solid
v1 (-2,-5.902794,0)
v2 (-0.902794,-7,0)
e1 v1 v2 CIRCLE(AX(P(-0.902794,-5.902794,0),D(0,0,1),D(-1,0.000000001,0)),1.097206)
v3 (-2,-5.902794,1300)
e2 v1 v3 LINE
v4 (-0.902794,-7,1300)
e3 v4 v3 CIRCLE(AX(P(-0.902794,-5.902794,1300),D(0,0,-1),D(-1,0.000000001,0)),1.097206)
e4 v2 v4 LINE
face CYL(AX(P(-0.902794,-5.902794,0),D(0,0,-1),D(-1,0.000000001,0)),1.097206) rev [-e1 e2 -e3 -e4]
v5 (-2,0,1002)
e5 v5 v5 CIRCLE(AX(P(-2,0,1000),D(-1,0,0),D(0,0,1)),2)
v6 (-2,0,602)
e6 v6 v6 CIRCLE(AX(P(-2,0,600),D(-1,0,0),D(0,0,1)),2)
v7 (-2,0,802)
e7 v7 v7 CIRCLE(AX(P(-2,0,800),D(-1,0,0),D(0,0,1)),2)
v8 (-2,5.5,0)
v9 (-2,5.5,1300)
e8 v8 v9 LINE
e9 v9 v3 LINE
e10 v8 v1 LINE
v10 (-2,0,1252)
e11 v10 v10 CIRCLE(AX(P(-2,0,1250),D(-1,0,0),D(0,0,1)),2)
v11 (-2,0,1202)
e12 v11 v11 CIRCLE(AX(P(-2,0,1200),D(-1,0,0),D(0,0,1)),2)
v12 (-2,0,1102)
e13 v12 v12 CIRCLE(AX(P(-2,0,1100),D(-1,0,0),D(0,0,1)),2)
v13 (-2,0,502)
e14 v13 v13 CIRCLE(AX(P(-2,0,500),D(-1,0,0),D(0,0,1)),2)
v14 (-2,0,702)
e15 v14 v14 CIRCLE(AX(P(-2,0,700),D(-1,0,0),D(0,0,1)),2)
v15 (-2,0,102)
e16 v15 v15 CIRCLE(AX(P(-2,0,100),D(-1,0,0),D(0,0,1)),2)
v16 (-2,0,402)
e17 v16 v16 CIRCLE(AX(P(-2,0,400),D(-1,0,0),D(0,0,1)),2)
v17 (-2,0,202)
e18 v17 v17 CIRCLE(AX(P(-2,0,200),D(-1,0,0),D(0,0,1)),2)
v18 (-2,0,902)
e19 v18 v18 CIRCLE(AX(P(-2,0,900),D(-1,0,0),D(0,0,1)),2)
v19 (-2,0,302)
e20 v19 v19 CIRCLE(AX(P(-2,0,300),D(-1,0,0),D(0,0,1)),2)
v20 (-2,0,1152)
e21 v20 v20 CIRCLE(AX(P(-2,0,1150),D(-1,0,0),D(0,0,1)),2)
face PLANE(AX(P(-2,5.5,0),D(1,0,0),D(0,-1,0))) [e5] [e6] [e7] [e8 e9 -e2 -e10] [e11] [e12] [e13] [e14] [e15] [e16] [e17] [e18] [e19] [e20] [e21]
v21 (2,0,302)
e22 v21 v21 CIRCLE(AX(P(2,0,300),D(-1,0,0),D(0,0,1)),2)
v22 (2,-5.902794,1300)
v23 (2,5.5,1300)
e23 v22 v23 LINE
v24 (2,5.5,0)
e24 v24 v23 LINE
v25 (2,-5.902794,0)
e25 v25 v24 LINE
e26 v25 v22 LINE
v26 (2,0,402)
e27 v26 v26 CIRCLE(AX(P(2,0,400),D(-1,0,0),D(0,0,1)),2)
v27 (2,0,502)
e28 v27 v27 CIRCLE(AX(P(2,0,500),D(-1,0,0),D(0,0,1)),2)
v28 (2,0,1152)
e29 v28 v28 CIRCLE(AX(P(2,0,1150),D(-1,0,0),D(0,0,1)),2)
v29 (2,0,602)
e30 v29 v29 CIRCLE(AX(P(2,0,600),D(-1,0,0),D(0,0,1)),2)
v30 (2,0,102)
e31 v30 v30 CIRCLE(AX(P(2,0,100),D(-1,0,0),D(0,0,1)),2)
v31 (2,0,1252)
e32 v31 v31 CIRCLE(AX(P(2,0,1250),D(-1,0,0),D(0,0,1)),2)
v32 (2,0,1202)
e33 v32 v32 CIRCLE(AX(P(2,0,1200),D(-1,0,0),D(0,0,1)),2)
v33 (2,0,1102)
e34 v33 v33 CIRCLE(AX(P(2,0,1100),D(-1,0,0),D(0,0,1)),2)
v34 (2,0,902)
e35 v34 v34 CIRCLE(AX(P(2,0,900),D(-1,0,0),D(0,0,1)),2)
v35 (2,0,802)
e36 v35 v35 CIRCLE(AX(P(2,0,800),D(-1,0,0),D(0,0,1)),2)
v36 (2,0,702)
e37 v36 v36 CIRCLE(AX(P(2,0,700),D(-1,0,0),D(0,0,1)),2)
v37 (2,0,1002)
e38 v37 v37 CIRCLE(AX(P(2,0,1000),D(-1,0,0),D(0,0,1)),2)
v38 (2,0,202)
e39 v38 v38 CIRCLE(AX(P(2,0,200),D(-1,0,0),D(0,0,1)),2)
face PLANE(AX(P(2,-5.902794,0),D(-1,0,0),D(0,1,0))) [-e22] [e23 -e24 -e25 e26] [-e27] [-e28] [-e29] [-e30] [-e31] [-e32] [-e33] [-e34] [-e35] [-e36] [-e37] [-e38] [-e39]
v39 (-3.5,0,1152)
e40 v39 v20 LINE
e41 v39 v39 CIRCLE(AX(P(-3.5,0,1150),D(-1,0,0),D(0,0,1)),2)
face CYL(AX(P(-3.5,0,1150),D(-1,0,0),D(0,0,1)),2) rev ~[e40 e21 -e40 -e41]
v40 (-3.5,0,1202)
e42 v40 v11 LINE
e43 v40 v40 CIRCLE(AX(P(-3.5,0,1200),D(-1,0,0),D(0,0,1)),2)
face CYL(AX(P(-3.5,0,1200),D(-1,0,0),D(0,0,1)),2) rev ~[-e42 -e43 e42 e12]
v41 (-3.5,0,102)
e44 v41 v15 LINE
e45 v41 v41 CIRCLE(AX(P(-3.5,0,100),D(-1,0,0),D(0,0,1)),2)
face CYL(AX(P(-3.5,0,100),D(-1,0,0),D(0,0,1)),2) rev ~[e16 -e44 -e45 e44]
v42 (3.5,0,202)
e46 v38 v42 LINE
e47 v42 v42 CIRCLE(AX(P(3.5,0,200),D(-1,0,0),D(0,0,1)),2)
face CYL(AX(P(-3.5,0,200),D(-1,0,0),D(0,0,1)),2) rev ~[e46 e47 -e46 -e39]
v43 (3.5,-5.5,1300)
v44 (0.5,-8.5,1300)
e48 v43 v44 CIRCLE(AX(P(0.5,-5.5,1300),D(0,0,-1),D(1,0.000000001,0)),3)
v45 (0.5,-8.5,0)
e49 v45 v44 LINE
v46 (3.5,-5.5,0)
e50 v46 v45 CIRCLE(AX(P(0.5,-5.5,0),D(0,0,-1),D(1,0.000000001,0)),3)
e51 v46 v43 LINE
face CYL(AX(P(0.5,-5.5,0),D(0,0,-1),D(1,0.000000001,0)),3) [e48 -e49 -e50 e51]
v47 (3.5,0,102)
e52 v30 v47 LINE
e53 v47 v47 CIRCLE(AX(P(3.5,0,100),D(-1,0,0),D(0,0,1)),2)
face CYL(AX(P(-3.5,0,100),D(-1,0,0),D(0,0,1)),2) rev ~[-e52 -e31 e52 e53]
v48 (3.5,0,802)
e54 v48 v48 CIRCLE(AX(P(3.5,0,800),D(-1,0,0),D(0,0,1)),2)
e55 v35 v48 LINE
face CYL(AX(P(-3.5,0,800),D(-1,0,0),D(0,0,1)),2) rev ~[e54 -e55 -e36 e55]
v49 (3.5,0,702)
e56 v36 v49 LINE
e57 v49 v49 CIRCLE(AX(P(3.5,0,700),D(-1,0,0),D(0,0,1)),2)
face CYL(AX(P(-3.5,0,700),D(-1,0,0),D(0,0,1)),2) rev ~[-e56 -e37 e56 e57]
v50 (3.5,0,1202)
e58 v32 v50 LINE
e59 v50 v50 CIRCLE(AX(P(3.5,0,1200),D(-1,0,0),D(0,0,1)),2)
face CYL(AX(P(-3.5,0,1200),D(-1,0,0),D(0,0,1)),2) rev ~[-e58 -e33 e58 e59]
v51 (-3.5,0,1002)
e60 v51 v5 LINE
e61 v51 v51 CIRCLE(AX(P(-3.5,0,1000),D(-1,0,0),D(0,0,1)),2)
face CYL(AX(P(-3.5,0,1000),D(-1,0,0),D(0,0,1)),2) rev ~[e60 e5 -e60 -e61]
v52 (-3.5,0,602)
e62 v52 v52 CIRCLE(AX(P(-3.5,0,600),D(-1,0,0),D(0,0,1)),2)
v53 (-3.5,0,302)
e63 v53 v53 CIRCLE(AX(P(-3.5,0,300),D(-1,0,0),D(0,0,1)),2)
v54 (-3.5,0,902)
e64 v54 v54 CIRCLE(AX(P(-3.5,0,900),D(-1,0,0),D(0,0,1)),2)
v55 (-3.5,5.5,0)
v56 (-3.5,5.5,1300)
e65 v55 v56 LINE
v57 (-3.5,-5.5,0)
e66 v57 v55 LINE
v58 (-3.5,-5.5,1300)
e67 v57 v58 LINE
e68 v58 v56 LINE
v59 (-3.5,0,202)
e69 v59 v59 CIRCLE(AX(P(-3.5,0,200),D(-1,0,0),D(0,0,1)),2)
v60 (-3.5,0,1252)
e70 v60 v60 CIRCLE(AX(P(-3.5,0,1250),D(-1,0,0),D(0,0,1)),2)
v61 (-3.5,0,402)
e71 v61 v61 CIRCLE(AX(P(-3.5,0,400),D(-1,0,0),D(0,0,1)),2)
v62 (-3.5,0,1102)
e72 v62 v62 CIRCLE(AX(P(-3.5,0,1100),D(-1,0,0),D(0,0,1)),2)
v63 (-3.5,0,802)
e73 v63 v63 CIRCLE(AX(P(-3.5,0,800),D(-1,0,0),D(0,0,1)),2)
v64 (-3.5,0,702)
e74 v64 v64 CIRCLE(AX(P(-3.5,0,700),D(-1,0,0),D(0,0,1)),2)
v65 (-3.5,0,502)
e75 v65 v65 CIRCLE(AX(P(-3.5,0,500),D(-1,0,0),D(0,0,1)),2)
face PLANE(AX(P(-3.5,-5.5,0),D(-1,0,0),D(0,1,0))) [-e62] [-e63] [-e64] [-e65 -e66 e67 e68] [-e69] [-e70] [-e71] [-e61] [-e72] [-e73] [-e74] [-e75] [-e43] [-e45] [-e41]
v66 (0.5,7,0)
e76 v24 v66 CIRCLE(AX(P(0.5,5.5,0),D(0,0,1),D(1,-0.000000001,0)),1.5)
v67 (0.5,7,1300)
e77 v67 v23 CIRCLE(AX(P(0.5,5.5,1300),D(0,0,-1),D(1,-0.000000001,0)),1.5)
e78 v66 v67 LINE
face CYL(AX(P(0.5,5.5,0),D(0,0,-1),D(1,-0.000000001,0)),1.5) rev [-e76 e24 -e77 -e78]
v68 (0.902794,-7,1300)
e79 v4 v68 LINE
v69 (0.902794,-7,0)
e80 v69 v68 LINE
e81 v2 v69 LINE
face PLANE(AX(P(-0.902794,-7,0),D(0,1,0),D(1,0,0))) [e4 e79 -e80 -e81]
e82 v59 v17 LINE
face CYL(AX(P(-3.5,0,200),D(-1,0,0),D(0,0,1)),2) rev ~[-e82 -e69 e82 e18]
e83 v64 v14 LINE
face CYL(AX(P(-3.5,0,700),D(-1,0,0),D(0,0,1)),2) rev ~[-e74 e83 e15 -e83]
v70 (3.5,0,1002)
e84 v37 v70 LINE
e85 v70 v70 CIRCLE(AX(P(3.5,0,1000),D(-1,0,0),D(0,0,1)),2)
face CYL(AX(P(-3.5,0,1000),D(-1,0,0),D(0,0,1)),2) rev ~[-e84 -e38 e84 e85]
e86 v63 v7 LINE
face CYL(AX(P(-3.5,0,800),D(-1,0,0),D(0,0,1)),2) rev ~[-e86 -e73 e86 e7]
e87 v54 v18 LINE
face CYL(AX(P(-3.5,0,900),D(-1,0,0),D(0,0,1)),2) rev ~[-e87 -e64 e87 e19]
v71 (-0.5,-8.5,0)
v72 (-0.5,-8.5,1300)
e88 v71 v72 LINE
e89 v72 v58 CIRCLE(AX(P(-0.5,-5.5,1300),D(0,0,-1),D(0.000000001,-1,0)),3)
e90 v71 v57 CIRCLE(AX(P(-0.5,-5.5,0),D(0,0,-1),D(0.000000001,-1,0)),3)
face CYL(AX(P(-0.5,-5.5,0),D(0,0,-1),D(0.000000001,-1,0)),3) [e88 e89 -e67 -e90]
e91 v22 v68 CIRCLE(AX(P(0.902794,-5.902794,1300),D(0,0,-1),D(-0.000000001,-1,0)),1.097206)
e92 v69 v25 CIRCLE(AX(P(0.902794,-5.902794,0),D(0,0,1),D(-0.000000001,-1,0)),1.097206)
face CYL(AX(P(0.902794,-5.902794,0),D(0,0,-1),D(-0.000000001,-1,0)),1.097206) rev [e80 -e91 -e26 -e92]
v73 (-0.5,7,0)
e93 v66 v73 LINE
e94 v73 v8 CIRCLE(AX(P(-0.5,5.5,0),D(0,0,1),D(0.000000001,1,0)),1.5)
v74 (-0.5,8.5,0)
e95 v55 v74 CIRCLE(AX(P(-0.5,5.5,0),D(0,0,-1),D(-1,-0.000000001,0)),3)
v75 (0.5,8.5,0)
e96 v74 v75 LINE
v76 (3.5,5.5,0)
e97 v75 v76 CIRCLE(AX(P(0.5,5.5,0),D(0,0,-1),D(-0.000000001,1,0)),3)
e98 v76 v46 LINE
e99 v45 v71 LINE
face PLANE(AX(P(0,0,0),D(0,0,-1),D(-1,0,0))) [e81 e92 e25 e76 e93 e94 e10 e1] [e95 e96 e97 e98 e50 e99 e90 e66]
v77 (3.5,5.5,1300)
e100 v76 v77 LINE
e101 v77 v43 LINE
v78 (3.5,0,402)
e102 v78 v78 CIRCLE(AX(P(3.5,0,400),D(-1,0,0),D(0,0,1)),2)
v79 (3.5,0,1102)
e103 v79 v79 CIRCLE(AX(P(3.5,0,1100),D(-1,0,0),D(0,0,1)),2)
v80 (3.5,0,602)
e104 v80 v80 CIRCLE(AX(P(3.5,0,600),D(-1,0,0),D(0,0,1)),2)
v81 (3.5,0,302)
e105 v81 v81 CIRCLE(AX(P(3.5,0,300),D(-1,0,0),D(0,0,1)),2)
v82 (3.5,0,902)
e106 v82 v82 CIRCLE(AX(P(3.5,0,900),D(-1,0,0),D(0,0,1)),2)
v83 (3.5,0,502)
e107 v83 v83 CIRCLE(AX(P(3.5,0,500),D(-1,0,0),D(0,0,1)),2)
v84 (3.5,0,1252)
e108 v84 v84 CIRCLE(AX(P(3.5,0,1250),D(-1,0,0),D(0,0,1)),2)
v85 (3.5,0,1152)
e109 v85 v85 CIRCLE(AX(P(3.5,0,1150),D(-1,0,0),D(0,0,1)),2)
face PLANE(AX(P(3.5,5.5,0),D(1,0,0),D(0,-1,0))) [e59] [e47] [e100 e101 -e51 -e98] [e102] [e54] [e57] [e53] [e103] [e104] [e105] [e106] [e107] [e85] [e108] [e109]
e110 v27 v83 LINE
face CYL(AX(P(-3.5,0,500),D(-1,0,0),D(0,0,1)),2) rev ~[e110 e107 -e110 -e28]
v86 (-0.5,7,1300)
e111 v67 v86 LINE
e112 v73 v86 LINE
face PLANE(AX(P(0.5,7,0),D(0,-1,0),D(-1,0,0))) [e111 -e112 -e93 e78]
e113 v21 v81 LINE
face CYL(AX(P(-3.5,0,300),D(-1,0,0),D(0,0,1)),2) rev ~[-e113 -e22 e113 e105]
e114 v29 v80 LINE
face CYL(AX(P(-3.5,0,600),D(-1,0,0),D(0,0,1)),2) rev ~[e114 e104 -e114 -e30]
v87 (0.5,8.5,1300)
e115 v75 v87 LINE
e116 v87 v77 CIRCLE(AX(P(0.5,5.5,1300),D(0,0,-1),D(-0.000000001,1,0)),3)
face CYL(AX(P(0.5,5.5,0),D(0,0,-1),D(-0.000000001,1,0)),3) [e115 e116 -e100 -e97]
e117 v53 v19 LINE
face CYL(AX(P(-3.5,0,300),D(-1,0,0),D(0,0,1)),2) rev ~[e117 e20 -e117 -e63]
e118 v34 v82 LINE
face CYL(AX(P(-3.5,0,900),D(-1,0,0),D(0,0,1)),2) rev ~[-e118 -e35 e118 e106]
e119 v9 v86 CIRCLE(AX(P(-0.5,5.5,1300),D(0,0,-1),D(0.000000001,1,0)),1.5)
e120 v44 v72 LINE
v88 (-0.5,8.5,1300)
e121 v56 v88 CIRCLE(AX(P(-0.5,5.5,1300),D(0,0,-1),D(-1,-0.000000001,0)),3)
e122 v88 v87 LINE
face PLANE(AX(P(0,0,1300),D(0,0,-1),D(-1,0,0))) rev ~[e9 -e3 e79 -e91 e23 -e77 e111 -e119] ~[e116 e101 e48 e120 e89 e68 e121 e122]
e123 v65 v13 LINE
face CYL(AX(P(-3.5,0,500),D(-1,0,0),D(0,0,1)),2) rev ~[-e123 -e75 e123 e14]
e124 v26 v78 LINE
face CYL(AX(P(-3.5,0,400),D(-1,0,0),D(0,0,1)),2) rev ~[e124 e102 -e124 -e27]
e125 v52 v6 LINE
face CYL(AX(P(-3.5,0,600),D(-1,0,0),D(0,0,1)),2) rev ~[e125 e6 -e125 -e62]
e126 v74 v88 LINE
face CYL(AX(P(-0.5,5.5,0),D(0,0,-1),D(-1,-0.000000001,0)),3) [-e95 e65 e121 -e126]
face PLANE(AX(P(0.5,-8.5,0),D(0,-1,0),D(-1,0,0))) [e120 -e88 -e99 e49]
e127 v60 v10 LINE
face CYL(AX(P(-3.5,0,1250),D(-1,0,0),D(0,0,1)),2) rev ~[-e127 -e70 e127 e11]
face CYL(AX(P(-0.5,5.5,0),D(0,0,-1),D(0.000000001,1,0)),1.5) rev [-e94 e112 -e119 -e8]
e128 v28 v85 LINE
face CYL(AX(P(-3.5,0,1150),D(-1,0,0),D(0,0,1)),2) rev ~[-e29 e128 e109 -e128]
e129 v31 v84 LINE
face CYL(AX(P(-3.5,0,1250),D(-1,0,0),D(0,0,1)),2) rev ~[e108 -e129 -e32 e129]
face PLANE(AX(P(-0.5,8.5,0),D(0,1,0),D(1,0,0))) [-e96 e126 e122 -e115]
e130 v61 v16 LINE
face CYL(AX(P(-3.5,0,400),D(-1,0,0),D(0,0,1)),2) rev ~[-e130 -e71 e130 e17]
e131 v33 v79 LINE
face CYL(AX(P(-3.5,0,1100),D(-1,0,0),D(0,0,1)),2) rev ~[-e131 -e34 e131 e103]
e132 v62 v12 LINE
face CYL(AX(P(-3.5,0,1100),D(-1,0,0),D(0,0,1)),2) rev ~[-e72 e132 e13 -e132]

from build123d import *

# Parameters (mm, degrees)
EXTRUDE_1_DEPTH     = 1300
SKETCH_3_R          = 2
CUT_EXTRUDE_1_DEPTH = 1301.046633779
CUT_EXTRUDE_2_DEPTH = 1500
SKETCH_5_R          = 2
CUT_EXTRUDE_3_DEPTH = 1301.046633779


with BuildPart() as part:
    # 草图2 → 凸台-拉伸1 (new body)
    with BuildSketch(Plane.XY):
        with BuildLine():
            Line((-0.5, 8.5), (0.5, 8.5))
            ThreePointArc((0.5, 8.5), (2.621320344, 7.621320344), (3.5, 5.5))
            Line((3.5, 5.5), (3.5, -5.5))
            ThreePointArc((3.5, -5.5), (2.621320344, -7.621320344), (0.5, -8.5))
            Line((0.5, -8.5), (-0.5, -8.5))
            ThreePointArc((-0.5, -8.5), (-2.621320344, -7.621320344), (-3.5, -5.5))
            Line((-3.5, -5.5), (-3.5, 5.5))
            ThreePointArc((-3.5, 5.5), (-2.621320344, 7.621320344), (-0.5, 8.5))
        make_face()
    extrude(amount=EXTRUDE_1_DEPTH)

    # 草图3 → 切除-拉伸1 (cut, through all)
    with BuildSketch(Plane.ZY.offset(3.5)):
        with Locations((100, 0)):
            Circle(SKETCH_3_R)
        with Locations((200, 0)):
            Circle(SKETCH_3_R)
        with Locations((300, 0)):
            Circle(SKETCH_3_R)
        with Locations((400, 0)):
            Circle(SKETCH_3_R)
        with Locations((500, 0)):
            Circle(SKETCH_3_R)
        with Locations((600, 0)):
            Circle(SKETCH_3_R)
        with Locations((700, 0)):
            Circle(SKETCH_3_R)
        with Locations((800, 0)):
            Circle(SKETCH_3_R)
        with Locations((900, 0)):
            Circle(SKETCH_3_R)
        with Locations((1000, 0)):
            Circle(SKETCH_3_R)
    extrude(amount=-CUT_EXTRUDE_1_DEPTH, mode=Mode.SUBTRACT)

    # 草图4 → 切除-拉伸2 (cut)
    with BuildSketch(Plane(origin=(0, 0, 0), x_dir=(-1, 0, 0), z_dir=(0, 0, -1))):
        with BuildLine():
            Line((-0.5, 7), (0.5, 7))
            ThreePointArc((0.5, 7), (1.560660172, 6.560660172), (2, 5.5))
            Line((2, 5.5), (2, -5.90279402))
            ThreePointArc((2, -5.90279402), (1.678635809, -6.678635809), (0.90279402, -7))
            Line((0.90279402, -7), (-0.90279402, -7))
            ThreePointArc((-0.90279402, -7), (-1.678635809, -6.678635809), (-2, -5.90279402))
            Line((-2, -5.90279402), (-2, 5.5))
            ThreePointArc((-2, 5.5), (-1.560660172, 6.560660172), (-0.5, 7))
        make_face()
    extrude(amount=-CUT_EXTRUDE_2_DEPTH, mode=Mode.SUBTRACT)

    # 草图5 → 切除-拉伸3 (cut, through all)
    with BuildSketch(Plane.ZY.offset(3.5)):
        with Locations((1100, 0)):
            Circle(SKETCH_5_R)
        with Locations((1200, 0)):
            Circle(SKETCH_5_R)
        with Locations((1250, 0)):
            Circle(SKETCH_5_R)
        with Locations((1150, 0)):
            Circle(SKETCH_5_R)
    extrude(amount=-CUT_EXTRUDE_3_DEPTH, mode=Mode.SUBTRACT)


solid = part.part
